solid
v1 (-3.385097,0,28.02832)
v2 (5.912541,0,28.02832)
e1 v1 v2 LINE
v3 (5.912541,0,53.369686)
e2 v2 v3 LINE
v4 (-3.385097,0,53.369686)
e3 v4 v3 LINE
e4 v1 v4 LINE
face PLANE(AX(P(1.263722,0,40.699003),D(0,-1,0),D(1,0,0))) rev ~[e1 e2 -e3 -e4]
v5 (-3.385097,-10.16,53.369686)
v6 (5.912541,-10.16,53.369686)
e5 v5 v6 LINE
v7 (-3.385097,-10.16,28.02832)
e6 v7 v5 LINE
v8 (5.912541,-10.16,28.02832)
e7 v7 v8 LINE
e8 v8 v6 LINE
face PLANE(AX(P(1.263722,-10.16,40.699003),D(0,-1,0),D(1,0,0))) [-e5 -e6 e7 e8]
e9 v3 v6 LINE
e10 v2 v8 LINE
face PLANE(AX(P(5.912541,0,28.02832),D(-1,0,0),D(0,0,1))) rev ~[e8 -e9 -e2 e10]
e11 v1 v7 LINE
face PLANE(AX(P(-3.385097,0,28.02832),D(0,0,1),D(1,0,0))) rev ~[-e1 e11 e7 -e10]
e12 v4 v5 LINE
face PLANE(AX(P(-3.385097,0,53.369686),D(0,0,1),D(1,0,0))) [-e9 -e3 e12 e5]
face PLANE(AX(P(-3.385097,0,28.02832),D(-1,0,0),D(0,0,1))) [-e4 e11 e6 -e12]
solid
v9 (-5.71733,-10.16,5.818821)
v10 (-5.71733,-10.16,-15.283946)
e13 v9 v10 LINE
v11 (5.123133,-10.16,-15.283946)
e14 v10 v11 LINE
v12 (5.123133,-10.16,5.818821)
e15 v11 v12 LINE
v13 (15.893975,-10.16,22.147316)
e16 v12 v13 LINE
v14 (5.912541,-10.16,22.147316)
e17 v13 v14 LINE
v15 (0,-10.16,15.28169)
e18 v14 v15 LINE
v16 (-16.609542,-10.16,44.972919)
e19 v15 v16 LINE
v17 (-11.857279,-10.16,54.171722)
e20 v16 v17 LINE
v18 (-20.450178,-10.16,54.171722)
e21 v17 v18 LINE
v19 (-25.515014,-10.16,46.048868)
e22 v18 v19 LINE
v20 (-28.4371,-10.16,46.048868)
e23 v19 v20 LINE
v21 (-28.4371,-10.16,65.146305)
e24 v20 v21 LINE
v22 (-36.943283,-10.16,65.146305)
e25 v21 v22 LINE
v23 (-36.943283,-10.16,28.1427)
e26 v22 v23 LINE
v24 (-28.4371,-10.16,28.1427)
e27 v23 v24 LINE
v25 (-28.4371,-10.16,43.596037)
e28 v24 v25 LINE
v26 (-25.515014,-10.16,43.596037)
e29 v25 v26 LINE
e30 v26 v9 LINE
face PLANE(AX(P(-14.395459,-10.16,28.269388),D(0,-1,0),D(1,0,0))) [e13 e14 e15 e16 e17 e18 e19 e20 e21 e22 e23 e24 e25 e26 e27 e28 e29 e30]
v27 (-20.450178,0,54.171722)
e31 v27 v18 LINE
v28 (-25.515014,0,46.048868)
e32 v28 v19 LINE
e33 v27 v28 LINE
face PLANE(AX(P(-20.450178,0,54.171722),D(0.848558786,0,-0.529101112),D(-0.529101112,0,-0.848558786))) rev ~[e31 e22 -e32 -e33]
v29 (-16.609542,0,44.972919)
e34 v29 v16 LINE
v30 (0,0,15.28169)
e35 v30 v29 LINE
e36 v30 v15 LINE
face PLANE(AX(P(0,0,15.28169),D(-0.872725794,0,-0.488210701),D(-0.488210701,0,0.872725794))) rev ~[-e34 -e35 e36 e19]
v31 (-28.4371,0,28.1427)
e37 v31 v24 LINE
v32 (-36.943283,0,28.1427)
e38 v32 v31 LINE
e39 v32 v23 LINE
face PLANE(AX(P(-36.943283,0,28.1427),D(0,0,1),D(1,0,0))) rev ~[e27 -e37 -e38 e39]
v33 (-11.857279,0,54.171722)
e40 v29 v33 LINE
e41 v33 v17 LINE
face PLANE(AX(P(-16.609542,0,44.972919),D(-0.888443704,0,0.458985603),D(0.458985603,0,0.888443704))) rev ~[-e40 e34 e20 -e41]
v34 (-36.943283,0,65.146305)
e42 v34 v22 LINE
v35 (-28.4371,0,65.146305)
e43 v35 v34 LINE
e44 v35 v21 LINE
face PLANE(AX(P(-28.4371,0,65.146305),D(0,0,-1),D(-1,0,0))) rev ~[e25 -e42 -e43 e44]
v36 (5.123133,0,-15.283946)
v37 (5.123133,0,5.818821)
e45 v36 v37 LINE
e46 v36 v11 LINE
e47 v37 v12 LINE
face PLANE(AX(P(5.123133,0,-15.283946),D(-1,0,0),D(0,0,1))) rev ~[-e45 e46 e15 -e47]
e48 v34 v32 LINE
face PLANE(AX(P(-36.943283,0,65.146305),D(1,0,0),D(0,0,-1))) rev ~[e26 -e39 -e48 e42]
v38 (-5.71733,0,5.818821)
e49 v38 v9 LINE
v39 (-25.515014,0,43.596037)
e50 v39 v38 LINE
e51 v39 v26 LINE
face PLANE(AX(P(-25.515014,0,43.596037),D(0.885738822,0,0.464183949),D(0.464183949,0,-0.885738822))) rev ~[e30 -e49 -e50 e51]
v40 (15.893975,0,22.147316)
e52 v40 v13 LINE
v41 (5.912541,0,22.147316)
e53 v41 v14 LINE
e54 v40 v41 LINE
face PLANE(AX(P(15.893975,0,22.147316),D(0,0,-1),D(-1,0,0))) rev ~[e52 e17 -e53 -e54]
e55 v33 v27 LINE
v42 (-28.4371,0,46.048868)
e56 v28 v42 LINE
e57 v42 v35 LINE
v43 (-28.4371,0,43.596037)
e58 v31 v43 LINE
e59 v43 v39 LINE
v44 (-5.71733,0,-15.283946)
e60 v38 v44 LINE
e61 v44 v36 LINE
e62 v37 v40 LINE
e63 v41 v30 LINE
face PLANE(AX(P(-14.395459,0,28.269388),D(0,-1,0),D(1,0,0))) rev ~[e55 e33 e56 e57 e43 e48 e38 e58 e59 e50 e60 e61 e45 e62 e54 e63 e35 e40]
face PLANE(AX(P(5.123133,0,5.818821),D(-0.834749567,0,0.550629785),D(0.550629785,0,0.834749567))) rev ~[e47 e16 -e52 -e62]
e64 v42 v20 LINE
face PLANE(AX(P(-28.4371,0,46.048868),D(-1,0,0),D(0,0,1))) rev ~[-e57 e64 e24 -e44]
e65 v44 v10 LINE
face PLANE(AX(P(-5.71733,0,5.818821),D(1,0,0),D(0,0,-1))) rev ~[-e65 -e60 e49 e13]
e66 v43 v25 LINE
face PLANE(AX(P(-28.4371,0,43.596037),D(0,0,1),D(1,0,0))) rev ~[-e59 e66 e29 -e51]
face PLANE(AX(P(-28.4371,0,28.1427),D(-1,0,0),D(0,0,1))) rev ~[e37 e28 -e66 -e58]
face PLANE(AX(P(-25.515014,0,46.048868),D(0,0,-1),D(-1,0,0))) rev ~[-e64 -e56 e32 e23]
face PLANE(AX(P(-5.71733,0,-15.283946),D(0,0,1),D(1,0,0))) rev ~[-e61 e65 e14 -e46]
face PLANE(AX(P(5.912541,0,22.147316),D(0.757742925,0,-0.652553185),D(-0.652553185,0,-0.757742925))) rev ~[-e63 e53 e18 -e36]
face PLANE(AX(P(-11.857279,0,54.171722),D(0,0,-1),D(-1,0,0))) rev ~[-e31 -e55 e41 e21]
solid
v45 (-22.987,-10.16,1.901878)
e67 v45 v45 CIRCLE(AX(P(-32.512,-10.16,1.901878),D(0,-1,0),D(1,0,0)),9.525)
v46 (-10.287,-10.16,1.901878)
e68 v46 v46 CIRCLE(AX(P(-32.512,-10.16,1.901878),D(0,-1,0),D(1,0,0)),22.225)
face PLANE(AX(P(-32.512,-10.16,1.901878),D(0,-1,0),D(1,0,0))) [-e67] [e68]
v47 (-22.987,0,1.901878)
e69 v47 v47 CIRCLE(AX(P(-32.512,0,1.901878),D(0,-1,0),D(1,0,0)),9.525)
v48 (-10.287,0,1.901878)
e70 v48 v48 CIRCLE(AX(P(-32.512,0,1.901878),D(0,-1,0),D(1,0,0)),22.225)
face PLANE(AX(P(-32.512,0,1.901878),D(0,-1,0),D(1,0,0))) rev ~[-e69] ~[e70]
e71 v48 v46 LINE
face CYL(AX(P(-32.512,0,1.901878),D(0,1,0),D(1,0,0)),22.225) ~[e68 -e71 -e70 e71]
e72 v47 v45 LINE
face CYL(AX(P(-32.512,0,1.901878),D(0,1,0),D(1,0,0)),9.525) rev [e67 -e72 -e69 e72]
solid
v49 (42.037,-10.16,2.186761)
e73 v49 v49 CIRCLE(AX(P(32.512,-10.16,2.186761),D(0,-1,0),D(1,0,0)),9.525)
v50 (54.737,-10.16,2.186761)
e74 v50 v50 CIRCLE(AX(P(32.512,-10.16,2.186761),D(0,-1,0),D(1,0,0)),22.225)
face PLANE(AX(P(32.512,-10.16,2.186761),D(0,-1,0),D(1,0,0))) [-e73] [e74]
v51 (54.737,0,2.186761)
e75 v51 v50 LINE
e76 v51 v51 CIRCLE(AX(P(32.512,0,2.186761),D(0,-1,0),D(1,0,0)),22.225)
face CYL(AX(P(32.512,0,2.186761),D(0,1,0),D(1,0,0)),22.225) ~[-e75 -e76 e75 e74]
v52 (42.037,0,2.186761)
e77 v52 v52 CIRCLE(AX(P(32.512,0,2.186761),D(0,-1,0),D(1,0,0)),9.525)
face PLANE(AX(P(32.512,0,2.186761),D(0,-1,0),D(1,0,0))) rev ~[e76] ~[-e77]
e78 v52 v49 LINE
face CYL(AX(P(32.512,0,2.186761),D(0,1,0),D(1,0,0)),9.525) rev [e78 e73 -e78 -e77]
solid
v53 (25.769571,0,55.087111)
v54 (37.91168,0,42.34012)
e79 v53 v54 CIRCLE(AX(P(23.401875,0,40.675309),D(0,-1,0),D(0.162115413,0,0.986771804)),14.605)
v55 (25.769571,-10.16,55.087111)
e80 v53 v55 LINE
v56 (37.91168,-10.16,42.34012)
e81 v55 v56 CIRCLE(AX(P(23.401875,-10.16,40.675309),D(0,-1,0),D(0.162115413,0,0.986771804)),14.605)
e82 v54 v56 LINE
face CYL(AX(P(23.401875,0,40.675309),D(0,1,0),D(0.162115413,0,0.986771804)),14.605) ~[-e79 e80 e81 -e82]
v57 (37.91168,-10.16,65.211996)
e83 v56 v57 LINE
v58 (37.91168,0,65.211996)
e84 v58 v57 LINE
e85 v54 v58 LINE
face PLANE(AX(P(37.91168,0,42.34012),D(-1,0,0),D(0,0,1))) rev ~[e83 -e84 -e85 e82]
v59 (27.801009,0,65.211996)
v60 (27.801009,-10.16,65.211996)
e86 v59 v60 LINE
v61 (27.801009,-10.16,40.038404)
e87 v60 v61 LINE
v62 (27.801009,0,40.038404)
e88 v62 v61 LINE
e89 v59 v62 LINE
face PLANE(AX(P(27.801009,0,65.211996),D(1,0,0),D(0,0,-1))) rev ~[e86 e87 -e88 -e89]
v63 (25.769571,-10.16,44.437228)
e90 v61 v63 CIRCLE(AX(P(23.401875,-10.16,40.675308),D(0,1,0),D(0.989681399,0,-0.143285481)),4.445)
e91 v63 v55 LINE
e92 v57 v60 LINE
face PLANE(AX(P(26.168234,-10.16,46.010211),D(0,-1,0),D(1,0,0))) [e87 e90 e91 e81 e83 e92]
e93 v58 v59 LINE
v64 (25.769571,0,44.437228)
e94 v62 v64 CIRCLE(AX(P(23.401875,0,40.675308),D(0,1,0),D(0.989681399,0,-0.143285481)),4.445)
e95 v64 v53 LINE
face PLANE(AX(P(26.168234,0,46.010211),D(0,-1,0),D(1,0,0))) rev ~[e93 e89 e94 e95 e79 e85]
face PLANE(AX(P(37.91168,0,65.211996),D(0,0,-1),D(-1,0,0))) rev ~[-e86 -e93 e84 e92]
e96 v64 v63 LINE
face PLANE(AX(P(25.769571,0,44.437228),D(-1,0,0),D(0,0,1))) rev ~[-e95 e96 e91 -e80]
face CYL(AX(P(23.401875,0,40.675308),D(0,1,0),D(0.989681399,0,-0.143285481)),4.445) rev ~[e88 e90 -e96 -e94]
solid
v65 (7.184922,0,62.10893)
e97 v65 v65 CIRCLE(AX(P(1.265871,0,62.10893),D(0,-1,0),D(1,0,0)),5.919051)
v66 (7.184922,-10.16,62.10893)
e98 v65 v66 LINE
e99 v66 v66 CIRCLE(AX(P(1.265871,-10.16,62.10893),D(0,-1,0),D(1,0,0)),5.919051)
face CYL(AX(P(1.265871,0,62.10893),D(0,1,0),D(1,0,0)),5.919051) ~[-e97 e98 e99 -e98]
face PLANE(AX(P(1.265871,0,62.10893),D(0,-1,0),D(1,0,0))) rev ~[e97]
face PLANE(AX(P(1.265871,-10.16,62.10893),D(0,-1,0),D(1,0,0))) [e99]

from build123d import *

# Parameters (mm, degrees)
F0_R     = 22.225
F0_R_2   = 9.525
F0_W     = 9.297638
F0_H     = 25.341365
F0_R_3   = 5.919051
F1_DEPTH = 10.16


with BuildPart() as f1:
    # F0 (on Front) → F1 (new body)
    with BuildSketch(Plane.XZ):
        with Locations((-32.512, 1.901878)):
            Circle(F0_R)
        with Locations((-32.512, 1.901878)):
            Circle(F0_R_2, mode=Mode.SUBTRACT)
        with Locations((32.512, 2.186761)):
            Circle(F0_R)
        with Locations((32.512, 2.186761)):
            Circle(F0_R_2, mode=Mode.SUBTRACT)
        Polygon((-5.71733, 5.818821), (-5.71733, -15.283946), (5.123133, -15.283946), (5.123133, 5.818821), (15.893975, 22.147316), (5.912541, 22.147316), (0, 15.28169), (-16.609542, 44.972919), (-11.857279, 54.171722), (-20.450178, 54.171722), (-25.515014, 46.048868), (-28.4371, 46.048868), (-28.4371, 65.146305), (-36.943283, 65.146305), (-36.943283, 28.1427), (-28.4371, 28.1427), (-28.4371, 43.596037), (-25.515014, 43.596037), align=None)
        with Locations((1.263722, 40.699003)):
            Rectangle(F0_W, F0_H)
        with BuildLine():
            ThreePointArc((27.801009, 40.038404), (19.366418, 38.811679), (25.769571, 44.437228))
            Line((25.769571, 44.437228), (25.769571, 55.087111))
            ThreePointArc((25.769571, 55.087111), (12.826718, 30.601974), (37.91168, 42.34012))
            Line((37.91168, 42.34012), (37.91168, 65.211996))
            Line((37.91168, 65.211996), (27.801009, 65.211996))
            Line((27.801009, 65.211996), (27.801009, 40.038404))
        make_face()
        with Locations((1.265871, 62.10893)):
            Circle(F0_R_3)
    extrude(amount=F1_DEPTH)


solid = f1.part
